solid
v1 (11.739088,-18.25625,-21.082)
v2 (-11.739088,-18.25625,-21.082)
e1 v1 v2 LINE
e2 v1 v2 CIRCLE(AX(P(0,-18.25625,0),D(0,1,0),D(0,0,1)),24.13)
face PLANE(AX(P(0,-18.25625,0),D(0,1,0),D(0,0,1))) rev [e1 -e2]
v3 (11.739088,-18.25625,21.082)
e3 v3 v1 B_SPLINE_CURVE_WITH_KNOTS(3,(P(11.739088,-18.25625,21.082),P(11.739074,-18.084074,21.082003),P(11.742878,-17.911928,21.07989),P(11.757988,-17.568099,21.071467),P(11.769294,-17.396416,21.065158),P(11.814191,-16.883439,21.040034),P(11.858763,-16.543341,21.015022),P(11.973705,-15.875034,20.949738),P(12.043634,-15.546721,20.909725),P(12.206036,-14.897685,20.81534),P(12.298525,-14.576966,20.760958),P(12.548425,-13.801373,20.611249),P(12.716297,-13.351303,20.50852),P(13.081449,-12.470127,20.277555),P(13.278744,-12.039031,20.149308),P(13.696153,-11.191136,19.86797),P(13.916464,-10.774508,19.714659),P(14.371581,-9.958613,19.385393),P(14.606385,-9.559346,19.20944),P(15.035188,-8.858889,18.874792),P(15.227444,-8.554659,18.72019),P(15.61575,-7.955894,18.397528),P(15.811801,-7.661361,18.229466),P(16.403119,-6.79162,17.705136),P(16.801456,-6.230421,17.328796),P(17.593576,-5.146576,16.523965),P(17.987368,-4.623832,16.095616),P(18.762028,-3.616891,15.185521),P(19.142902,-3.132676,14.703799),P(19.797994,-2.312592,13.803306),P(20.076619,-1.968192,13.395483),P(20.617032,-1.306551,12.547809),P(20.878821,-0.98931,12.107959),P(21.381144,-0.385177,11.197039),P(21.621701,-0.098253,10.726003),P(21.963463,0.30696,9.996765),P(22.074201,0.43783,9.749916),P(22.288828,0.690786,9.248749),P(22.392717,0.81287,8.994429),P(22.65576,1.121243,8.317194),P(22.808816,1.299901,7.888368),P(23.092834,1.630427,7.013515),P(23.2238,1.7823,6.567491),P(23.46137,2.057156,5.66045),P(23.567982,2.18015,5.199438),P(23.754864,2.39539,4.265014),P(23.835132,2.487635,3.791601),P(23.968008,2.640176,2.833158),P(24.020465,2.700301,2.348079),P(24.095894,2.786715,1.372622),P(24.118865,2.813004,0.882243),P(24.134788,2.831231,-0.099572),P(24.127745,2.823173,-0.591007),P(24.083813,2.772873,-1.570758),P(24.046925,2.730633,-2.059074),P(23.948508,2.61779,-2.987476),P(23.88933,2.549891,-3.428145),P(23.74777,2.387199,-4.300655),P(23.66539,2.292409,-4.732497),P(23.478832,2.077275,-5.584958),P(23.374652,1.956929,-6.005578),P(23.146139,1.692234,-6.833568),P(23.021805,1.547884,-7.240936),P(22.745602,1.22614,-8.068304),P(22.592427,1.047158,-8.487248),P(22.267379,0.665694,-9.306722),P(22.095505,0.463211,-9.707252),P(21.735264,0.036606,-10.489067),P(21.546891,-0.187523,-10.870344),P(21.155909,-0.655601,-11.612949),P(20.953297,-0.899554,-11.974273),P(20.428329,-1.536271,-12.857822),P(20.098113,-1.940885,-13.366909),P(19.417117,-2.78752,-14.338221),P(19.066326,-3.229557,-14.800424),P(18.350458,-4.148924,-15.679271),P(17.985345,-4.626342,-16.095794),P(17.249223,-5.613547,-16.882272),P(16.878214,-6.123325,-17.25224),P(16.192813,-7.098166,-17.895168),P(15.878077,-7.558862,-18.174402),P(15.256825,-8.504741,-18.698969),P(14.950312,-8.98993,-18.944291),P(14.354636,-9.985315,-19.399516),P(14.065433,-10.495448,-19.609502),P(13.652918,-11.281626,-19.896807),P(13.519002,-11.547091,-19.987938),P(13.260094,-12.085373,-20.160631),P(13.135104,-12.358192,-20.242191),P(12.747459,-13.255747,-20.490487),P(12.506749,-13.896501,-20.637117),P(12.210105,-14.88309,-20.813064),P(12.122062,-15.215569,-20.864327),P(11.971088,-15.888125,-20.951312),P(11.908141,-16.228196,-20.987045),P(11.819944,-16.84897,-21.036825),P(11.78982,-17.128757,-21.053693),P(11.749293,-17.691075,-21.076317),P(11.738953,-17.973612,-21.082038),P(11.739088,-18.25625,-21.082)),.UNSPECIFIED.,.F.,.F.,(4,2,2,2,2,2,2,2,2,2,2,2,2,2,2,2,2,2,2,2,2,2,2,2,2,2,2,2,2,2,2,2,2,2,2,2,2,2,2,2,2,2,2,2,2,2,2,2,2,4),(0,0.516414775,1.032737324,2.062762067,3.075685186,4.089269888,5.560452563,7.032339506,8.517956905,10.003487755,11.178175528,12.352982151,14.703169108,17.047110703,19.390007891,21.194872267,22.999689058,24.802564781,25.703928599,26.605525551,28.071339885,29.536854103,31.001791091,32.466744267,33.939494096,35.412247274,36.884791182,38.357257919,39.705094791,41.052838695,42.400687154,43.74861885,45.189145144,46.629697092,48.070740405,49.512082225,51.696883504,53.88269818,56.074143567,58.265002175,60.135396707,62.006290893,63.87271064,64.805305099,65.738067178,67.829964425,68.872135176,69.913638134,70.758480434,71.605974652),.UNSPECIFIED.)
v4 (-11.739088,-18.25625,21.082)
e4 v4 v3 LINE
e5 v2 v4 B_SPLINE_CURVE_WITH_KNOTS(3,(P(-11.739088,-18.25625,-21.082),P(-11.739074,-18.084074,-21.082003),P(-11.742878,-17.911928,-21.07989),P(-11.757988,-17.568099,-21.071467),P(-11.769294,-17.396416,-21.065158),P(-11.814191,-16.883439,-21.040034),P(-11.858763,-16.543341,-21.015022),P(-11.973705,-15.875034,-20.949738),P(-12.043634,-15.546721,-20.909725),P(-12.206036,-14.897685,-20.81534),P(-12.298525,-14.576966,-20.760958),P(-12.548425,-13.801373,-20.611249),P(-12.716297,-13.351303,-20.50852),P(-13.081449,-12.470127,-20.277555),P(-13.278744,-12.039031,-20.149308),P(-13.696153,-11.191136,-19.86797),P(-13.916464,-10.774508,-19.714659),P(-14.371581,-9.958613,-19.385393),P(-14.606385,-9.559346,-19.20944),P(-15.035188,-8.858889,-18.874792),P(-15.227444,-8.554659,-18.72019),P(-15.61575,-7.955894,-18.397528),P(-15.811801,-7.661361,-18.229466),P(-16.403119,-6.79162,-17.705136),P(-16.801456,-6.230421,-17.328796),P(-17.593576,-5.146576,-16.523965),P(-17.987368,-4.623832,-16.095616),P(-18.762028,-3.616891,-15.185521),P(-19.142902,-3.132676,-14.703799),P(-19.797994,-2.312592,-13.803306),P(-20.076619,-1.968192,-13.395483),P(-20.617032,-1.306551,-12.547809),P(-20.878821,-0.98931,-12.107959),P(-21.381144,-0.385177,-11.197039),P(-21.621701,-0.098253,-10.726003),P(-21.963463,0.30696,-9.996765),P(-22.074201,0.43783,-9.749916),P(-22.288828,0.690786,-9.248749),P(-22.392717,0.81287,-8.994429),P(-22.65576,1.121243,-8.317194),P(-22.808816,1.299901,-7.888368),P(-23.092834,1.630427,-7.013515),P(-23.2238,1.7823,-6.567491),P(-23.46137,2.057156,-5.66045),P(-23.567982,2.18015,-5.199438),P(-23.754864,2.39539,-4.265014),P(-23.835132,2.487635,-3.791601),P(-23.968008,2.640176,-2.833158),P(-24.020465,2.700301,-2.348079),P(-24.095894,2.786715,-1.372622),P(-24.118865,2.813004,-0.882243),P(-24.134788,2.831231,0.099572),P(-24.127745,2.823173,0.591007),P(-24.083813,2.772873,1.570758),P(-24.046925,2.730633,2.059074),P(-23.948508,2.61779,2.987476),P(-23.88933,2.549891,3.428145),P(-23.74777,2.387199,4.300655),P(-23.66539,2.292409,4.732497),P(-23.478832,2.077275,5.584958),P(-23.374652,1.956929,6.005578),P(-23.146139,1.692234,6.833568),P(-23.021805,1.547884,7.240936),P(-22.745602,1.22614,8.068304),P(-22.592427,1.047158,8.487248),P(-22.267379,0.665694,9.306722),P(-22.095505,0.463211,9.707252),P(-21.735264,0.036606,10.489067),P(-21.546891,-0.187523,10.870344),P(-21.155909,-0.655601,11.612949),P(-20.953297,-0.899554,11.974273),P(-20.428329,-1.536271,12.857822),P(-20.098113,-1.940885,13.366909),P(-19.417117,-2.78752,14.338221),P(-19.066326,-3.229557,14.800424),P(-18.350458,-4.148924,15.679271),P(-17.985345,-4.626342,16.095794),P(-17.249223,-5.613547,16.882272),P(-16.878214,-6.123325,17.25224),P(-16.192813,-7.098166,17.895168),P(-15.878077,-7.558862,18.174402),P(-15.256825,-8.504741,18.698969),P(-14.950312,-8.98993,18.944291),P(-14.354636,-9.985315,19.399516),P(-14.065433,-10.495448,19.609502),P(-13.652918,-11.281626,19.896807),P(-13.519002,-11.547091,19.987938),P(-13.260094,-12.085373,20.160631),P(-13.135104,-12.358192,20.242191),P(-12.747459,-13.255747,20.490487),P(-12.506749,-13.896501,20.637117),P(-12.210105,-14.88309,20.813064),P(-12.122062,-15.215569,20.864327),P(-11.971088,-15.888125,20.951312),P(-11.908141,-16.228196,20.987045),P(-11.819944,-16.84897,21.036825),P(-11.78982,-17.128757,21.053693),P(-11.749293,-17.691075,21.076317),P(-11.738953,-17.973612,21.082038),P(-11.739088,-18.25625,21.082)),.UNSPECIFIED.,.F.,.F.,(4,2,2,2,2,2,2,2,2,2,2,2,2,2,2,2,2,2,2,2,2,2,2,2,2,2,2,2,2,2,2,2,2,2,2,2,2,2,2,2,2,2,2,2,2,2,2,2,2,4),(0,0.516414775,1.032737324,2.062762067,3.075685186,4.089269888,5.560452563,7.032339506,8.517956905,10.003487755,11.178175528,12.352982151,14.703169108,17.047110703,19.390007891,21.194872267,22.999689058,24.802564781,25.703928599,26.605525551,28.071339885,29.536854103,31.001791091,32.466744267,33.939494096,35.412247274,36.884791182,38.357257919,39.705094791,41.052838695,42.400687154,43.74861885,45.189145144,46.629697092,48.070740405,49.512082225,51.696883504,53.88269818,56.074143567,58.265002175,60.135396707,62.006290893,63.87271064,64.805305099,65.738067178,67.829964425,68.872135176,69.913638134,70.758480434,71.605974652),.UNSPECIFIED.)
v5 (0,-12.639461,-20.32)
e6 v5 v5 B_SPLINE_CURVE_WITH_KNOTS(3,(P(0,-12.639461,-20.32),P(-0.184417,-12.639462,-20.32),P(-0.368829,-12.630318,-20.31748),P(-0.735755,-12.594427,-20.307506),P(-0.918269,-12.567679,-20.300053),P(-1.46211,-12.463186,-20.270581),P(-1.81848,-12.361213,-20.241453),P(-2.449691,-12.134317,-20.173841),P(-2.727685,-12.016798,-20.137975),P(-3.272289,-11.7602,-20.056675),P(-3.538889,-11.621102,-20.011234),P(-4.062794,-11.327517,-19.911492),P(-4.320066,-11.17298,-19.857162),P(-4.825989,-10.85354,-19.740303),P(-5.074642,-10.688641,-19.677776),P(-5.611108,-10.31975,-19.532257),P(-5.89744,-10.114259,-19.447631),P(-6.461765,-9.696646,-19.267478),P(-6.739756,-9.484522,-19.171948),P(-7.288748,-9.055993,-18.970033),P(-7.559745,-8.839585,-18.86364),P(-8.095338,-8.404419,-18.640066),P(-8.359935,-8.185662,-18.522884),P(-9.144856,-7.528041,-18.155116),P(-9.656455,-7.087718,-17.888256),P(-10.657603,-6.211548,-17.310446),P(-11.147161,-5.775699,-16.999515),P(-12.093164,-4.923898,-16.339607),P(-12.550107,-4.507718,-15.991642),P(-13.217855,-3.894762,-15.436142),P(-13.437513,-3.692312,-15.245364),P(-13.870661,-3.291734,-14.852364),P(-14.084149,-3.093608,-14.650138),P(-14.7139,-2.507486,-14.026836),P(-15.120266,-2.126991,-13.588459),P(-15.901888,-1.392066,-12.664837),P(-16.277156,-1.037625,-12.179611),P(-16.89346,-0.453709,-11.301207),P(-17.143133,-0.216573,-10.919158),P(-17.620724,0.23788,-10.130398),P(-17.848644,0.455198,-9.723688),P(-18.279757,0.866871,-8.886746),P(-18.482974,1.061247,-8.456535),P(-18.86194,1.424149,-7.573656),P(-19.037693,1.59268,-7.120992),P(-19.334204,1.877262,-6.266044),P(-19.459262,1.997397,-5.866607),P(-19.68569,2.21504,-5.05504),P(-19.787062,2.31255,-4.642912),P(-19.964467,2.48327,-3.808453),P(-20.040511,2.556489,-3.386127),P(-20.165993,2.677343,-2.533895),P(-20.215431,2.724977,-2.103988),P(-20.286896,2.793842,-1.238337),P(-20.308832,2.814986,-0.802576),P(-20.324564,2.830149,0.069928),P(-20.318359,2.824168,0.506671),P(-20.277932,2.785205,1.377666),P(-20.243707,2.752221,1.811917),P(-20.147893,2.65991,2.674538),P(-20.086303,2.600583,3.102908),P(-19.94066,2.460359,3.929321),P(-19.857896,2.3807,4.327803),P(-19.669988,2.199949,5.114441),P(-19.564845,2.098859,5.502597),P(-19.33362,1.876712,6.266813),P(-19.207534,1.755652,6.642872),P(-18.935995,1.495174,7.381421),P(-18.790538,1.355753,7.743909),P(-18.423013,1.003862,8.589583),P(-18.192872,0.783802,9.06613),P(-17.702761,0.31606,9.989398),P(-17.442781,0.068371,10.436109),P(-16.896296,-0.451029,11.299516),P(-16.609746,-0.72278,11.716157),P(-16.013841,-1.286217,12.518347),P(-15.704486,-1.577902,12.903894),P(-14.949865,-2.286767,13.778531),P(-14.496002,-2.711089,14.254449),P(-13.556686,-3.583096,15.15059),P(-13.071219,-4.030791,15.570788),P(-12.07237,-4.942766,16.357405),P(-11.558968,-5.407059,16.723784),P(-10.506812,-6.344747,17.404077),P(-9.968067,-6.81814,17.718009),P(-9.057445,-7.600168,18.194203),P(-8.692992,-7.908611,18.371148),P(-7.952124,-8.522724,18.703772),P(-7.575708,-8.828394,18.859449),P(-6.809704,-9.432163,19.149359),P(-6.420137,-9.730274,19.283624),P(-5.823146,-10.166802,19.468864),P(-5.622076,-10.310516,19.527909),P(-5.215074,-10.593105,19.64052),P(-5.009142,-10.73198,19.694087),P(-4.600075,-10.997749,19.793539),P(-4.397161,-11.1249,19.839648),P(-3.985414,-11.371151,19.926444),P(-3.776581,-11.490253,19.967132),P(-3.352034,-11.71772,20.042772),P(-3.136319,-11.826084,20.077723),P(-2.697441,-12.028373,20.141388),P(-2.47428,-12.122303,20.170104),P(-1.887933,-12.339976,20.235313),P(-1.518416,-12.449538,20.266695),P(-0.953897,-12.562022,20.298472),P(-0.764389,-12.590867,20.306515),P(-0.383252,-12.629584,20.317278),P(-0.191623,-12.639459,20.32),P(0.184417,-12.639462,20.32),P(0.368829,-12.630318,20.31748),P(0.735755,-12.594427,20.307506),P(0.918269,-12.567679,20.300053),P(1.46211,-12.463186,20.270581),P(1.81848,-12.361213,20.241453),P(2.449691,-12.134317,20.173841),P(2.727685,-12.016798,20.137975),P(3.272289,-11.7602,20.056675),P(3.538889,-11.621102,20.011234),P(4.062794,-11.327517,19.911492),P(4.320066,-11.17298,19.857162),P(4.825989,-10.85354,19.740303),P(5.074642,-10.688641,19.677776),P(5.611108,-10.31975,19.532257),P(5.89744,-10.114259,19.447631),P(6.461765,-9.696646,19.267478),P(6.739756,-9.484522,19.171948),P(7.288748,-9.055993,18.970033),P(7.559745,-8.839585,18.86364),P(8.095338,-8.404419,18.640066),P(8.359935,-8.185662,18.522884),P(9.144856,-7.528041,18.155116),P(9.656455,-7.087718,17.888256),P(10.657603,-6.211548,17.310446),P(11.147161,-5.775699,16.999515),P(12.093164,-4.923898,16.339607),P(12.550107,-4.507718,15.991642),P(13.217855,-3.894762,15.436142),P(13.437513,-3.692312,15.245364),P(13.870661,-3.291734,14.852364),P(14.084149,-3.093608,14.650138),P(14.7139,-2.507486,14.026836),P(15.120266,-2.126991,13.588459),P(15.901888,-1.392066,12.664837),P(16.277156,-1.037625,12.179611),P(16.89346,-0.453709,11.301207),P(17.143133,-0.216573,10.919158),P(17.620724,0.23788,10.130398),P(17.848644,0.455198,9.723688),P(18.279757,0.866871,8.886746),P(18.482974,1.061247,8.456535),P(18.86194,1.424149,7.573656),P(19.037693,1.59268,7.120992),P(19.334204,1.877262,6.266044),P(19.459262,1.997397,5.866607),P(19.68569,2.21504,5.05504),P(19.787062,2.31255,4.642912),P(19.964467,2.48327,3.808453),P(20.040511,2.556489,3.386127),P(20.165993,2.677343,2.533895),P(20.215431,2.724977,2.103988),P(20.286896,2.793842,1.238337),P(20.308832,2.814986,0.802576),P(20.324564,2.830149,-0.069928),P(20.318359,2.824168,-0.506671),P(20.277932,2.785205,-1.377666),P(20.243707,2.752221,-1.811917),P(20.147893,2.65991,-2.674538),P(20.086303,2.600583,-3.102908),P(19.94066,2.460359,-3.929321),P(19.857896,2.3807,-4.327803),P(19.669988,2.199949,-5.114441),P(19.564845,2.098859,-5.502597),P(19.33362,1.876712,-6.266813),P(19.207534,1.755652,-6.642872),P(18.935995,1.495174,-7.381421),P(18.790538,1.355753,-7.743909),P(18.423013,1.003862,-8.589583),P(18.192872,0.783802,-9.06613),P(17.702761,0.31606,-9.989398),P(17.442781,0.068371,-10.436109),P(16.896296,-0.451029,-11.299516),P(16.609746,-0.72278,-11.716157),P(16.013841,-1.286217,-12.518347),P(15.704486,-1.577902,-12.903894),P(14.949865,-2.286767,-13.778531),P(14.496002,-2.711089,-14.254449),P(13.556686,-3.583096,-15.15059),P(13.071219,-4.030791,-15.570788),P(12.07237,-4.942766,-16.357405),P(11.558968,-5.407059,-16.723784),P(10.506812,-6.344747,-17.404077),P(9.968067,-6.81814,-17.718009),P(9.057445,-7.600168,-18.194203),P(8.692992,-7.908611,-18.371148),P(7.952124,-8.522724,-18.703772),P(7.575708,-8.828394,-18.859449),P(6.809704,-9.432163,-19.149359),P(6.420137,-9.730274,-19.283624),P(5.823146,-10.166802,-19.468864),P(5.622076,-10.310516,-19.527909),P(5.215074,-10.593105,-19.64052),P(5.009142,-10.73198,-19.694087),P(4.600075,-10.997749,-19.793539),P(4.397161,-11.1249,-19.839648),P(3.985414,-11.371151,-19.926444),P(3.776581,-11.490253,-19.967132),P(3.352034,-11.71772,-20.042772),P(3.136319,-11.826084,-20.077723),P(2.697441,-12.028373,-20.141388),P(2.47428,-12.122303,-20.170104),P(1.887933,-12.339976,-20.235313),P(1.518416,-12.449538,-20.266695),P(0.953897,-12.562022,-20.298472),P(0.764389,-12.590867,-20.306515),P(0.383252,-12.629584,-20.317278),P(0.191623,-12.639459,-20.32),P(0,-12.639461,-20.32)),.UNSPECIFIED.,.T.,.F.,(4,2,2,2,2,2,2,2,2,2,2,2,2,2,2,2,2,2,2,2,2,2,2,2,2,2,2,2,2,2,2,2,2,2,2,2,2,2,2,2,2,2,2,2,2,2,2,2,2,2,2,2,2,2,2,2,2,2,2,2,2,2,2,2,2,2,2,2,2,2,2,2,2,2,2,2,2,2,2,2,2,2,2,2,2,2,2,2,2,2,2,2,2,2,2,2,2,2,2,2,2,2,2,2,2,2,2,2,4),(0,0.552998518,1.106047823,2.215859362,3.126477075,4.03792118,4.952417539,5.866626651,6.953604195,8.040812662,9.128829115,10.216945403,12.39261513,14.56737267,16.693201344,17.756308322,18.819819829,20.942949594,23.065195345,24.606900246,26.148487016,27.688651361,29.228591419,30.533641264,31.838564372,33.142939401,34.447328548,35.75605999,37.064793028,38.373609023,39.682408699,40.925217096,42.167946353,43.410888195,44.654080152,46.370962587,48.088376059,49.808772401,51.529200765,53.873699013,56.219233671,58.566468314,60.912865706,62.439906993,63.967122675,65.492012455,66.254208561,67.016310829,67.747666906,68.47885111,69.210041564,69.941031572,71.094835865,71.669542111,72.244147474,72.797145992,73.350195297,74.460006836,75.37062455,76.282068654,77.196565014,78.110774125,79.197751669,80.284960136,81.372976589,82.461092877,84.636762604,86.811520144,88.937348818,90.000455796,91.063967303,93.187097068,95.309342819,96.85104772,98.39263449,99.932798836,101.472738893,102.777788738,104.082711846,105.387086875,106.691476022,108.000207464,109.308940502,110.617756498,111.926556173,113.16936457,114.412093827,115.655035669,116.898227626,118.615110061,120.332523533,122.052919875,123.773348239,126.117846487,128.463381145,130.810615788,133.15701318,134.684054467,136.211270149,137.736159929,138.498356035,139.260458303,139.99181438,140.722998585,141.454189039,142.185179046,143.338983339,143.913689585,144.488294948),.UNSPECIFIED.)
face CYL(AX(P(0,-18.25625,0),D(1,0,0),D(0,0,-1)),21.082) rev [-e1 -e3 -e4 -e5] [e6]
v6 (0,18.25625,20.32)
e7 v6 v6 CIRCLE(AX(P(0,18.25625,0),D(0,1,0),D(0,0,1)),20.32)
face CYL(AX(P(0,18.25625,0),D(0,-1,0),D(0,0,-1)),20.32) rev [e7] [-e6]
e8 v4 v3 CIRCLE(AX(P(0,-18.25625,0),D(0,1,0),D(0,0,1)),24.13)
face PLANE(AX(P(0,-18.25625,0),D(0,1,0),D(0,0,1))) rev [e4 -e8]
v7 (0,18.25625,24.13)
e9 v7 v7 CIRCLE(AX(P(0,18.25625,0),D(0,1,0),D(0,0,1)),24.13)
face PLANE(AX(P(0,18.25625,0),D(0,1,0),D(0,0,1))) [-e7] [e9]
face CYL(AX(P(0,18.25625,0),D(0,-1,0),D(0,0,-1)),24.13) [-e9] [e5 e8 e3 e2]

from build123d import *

# Parameters (mm, degrees)
SKETCH1_R           = 24.13
SKETCH1_R_2         = 20.32
BOSS_EXTRUDE1_DEPTH = 18.25625
SKETCH6_W           = 21.082
SKETCH6_H           = 24.13


with BuildPart() as part:
    # Sketch1 → Boss-Extrude1 (new body, symmetric)
    with BuildSketch(Plane(origin=(0, 0, 0), x_dir=(1, 0, 0), z_dir=(0, 1, 0))):
        Circle(SKETCH1_R)
        Circle(SKETCH1_R_2, mode=Mode.SUBTRACT)
    extrude(amount=BOSS_EXTRUDE1_DEPTH, both=True)

    # Sketch6 → 3/32 (1.66) Dowel Hole1 (revolve, cut)
    with BuildSketch(Plane(origin=(0, -18.25625, 0), x_dir=(0, 0, -1), z_dir=(0, 1, 0))):
        with Locations((10.541, 12.065)):
            Rectangle(SKETCH6_W, SKETCH6_H)
    f_3_32_1_66_dowel_hole1 = revolve(axis=Axis((6.35, -18.25625, 0), (-1, 0, 0)), mode=Mode.SUBTRACT)

    # Mirror1: 3/32 (1.66) Dowel Hole1 across plane
    add(f_3_32_1_66_dowel_hole1.mirror(Plane(origin=(0, 0, 0), x_dir=(0, 0, 1), z_dir=(1, 0, 0))), mode=Mode.SUBTRACT)


solid = part.part
